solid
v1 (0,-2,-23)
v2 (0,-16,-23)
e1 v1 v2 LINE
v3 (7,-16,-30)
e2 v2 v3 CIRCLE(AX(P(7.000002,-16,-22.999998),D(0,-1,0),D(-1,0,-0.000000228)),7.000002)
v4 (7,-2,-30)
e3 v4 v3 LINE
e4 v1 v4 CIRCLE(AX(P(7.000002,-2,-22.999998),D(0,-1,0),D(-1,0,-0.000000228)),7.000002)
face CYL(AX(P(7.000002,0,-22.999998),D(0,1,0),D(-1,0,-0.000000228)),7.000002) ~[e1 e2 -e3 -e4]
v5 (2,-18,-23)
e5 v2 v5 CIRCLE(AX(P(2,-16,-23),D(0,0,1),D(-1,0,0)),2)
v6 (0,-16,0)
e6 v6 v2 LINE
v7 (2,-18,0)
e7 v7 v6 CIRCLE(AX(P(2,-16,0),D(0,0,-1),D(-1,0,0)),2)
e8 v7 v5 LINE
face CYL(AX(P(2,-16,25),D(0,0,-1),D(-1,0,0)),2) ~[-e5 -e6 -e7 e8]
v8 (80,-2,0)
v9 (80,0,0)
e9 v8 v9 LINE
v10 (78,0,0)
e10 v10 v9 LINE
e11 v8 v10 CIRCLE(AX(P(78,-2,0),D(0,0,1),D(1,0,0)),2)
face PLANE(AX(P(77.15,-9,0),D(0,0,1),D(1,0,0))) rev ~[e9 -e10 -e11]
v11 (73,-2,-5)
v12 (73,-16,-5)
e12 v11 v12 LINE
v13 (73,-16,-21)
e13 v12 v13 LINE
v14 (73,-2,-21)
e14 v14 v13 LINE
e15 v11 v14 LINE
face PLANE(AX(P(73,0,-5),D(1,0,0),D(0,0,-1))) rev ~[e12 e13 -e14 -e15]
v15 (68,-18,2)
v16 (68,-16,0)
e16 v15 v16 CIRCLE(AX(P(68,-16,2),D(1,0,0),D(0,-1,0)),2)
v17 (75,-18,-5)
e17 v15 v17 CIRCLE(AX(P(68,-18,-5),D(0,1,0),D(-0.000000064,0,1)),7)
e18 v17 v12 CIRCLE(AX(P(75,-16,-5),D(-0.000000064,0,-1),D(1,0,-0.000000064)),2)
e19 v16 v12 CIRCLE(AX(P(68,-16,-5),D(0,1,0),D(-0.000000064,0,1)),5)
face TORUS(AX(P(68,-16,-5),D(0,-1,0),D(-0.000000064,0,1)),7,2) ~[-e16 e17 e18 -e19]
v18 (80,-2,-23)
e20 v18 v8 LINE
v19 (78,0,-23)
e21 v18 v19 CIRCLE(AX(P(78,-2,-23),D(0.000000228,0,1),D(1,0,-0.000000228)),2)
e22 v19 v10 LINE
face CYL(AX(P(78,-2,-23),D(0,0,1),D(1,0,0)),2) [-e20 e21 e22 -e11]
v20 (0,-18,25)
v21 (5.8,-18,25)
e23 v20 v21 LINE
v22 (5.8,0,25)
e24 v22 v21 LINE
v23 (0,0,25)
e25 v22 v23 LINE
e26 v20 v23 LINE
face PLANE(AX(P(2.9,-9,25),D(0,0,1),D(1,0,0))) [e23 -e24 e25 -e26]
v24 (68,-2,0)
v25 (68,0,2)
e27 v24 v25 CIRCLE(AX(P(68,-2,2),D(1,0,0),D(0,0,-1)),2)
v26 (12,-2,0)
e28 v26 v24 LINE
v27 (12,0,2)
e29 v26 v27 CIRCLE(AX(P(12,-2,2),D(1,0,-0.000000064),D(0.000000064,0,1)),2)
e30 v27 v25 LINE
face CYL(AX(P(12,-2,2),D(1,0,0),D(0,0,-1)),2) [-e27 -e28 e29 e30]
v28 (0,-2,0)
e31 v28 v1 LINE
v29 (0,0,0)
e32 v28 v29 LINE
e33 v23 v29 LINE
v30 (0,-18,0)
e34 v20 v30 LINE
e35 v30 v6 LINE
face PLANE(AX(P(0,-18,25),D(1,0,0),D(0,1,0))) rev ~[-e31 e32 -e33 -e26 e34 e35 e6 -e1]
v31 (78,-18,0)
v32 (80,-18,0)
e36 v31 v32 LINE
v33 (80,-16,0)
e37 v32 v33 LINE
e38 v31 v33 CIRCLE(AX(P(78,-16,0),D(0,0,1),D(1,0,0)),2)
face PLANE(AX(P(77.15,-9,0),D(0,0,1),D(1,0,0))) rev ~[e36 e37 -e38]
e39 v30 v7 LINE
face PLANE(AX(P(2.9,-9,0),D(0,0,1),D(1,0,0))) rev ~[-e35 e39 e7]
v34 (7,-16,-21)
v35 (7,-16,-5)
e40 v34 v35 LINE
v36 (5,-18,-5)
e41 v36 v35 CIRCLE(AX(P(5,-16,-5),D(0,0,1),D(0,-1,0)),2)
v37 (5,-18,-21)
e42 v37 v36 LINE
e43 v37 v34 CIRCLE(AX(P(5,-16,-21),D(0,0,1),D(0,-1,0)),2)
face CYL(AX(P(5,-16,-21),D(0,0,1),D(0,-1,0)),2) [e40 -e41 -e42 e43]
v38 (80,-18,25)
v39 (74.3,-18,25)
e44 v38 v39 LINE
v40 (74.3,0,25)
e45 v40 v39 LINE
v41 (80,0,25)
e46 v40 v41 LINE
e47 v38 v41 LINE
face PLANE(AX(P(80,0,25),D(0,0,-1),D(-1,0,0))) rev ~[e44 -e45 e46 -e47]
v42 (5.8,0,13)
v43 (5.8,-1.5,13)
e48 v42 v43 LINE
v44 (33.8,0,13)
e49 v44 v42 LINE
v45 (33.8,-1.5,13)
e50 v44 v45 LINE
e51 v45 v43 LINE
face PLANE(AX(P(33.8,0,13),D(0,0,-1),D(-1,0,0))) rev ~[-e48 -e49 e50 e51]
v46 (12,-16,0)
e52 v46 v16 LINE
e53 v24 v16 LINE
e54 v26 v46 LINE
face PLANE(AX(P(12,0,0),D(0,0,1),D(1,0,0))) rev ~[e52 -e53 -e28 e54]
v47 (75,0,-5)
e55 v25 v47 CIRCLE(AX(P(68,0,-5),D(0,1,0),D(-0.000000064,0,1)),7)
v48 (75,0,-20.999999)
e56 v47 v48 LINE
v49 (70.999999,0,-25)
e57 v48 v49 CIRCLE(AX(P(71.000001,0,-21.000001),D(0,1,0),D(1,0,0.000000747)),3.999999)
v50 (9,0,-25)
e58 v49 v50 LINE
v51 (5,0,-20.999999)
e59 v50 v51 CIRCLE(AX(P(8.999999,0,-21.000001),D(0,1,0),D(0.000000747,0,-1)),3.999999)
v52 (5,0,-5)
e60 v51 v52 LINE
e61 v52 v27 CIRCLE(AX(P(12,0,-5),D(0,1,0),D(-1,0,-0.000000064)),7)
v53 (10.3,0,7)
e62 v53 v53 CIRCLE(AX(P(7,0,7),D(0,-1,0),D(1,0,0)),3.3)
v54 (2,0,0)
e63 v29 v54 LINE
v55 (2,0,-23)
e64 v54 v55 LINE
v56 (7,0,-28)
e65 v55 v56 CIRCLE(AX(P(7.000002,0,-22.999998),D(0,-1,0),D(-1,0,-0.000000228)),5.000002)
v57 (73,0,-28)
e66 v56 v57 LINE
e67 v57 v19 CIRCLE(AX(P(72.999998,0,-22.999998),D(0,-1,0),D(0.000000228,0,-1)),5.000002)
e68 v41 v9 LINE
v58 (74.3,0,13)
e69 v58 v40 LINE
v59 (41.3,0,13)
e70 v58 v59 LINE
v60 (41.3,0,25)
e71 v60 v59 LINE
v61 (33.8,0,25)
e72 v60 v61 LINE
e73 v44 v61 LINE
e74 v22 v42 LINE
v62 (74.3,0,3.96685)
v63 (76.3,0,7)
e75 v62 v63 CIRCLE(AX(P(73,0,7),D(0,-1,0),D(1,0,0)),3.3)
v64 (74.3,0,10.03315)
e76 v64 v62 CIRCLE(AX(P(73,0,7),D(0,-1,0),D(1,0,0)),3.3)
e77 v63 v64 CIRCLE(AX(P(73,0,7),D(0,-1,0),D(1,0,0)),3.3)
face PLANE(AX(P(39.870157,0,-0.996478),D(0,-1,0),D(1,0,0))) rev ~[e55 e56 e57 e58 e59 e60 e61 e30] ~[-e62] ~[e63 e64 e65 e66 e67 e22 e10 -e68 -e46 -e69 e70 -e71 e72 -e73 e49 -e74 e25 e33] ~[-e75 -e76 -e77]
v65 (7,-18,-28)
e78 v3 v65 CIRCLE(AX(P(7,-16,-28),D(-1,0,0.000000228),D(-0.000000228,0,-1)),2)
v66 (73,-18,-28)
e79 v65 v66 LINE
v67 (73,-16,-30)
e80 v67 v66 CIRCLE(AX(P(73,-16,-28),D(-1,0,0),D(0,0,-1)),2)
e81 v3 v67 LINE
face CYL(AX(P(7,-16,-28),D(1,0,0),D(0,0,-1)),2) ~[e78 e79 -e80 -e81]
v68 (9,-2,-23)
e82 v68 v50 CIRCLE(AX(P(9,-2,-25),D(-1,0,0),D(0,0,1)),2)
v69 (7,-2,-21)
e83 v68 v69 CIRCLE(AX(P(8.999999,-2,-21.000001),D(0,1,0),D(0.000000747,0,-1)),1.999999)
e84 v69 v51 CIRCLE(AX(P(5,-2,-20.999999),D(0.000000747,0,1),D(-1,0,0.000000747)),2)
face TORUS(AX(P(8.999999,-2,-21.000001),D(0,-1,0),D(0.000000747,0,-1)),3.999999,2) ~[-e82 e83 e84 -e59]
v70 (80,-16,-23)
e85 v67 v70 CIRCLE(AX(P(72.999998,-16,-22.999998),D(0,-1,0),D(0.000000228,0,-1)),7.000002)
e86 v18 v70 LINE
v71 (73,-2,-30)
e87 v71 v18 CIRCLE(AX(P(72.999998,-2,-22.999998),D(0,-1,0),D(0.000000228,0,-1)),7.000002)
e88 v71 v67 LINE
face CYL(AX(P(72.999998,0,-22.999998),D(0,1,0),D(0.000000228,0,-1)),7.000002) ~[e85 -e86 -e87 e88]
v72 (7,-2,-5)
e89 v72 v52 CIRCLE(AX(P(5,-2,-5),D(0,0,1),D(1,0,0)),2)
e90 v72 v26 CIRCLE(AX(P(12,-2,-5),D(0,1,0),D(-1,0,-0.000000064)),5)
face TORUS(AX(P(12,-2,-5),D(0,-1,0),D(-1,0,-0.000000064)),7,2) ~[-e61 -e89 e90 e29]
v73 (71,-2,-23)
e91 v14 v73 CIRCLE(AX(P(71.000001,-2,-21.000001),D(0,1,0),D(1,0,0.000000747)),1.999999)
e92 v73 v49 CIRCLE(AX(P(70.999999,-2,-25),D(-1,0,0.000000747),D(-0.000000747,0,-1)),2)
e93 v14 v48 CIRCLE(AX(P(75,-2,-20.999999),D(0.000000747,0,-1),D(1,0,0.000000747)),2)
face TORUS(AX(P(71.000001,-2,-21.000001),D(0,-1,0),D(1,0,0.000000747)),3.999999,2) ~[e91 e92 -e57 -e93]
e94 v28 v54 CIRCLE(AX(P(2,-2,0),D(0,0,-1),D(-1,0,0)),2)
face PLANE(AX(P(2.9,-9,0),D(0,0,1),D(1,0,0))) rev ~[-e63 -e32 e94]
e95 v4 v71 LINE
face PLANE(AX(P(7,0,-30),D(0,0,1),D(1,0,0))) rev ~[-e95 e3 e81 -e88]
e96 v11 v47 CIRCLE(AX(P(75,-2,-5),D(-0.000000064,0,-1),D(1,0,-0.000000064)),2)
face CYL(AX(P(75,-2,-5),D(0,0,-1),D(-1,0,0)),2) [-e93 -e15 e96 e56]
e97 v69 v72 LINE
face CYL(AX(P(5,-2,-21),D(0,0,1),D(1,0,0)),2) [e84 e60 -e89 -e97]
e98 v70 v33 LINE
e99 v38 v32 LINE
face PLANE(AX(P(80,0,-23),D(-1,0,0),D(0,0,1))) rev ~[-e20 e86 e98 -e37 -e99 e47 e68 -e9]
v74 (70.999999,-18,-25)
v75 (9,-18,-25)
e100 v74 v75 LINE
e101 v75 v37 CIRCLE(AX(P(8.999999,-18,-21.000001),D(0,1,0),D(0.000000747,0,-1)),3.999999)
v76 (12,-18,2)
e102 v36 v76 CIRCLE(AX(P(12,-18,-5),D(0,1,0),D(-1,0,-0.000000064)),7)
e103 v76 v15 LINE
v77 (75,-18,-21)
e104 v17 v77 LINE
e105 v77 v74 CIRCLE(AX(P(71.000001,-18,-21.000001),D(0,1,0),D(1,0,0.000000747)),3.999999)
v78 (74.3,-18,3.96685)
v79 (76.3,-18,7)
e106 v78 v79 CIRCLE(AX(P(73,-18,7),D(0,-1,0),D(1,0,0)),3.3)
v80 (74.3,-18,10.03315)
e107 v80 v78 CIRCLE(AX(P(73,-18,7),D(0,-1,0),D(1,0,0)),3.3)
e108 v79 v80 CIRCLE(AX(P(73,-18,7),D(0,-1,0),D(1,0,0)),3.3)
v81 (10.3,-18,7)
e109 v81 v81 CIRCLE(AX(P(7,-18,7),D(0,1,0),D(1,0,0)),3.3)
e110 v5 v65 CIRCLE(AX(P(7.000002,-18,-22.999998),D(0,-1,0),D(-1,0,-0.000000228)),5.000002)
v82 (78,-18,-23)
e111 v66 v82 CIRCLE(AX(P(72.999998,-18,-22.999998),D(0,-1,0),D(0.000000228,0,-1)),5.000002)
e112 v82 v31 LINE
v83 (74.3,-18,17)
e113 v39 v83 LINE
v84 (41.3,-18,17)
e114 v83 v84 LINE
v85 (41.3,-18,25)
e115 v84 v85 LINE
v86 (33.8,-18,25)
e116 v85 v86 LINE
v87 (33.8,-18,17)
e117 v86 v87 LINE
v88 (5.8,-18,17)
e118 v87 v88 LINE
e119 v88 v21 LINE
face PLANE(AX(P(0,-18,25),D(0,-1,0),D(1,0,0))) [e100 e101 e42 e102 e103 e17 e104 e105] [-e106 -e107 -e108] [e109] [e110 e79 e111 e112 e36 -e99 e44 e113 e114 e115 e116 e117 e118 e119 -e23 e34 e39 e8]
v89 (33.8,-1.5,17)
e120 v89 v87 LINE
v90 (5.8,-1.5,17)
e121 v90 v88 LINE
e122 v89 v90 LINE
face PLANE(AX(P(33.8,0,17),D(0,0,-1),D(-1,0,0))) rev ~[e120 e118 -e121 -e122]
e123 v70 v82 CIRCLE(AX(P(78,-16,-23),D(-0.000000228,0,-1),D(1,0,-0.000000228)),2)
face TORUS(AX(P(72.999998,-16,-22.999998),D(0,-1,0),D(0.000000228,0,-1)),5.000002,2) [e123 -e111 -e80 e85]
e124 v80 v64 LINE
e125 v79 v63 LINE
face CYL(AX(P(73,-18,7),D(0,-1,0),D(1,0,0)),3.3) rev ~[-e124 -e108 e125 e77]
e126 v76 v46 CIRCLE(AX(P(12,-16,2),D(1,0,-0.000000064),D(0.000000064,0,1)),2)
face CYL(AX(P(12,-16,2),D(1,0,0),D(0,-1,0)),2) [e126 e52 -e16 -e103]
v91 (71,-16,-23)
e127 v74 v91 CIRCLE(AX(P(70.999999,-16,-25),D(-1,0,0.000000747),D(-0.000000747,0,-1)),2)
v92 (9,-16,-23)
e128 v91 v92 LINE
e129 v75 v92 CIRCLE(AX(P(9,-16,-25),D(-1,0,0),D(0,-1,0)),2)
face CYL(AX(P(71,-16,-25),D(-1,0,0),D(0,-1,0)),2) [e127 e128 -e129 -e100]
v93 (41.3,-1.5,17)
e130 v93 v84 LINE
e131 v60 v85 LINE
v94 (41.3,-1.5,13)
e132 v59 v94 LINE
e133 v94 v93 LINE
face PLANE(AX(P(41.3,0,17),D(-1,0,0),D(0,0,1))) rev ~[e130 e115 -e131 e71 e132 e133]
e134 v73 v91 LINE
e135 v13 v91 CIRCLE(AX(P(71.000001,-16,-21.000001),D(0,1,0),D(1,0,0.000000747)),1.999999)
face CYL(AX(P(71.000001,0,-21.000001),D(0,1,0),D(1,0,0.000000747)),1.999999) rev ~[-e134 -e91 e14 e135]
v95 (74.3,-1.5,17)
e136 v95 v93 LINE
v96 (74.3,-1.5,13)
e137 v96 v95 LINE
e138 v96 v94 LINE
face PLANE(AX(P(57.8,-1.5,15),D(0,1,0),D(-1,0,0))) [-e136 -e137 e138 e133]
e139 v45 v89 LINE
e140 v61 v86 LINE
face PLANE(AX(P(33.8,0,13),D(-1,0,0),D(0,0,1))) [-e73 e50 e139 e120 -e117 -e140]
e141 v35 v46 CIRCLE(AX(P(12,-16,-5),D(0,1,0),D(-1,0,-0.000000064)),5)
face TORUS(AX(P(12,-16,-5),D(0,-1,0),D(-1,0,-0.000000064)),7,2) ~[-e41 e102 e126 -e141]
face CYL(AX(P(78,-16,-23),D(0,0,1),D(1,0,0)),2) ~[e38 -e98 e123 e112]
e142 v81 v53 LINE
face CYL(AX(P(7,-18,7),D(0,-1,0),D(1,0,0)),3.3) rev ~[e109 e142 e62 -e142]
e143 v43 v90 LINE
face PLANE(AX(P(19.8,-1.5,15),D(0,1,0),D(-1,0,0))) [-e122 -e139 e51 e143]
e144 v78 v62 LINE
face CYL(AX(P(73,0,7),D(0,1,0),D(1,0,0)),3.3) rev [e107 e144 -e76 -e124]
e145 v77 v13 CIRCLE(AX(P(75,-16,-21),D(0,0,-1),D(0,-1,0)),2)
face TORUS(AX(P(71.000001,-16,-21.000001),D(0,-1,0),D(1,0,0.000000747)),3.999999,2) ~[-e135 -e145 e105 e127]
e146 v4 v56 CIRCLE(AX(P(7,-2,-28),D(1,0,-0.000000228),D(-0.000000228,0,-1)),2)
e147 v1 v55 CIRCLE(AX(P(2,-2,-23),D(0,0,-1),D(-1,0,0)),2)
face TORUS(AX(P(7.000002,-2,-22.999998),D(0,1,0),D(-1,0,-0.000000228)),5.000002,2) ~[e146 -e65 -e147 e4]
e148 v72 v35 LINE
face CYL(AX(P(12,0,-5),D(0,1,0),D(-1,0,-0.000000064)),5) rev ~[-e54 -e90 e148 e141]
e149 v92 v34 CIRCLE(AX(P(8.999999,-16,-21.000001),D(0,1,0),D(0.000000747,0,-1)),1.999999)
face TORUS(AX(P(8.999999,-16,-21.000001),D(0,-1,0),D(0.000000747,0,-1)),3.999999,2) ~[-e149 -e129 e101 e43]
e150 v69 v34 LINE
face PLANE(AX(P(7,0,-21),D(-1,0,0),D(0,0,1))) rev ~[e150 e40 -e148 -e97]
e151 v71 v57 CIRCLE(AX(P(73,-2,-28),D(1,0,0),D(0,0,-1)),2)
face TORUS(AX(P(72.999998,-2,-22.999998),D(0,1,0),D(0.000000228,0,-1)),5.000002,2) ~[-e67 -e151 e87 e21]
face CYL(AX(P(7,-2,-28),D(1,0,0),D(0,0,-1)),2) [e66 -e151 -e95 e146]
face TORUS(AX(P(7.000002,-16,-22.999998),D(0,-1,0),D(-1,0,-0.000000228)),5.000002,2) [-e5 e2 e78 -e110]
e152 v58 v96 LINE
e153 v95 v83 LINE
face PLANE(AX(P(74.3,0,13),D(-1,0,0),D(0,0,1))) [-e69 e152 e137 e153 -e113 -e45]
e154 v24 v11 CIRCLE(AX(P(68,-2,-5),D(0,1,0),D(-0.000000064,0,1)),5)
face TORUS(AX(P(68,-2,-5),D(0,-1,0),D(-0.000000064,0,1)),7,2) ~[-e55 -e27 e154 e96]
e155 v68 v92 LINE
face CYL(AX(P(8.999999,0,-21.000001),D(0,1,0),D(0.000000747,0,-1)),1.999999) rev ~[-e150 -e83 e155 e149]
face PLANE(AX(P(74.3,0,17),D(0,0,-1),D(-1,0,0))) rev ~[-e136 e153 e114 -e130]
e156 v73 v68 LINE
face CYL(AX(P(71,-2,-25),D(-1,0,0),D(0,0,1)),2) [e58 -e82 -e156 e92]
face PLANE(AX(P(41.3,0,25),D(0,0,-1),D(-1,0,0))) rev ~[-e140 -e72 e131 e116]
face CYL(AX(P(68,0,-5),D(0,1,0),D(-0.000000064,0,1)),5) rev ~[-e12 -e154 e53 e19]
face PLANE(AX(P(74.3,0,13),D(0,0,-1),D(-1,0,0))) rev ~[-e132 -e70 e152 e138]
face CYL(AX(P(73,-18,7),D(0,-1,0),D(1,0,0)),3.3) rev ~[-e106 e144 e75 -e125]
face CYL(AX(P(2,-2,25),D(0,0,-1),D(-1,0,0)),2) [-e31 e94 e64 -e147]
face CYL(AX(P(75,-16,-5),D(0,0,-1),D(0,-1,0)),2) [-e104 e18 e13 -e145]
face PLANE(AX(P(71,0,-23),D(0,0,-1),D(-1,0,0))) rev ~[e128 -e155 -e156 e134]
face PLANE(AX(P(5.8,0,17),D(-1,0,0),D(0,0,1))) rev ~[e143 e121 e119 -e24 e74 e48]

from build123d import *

# Parameters (mm, degrees)
F0_R     = 3.3
F1_DEPTH = 18
F2_W     = 33
F2_H     = 4
F2_W_2   = 28
F3_DEPTH = 1.5
F4_R     = 2
F5_W     = 5.8
F5_H     = 18
F5_W_2   = 5.7
F6_DEPTH = 25
F7_R     = 3.3
F8_DEPTH = 18.001


with BuildPart() as f1:
    # F0 (on Front) → F1 (new body)
    with BuildSketch(Plane.XZ):
        with BuildLine():
            Line((0, 25), (0, 0))
            Line((0, 0), (0, -23))
            ThreePointArc((0, -23), (2.050253, -27.949747), (7, -30))
            Line((7, -30), (73, -30))
            ThreePointArc((73, -30), (77.949747, -27.949747), (80, -23))
            Line((80, -23), (80, 0))
            Line((80, 0), (80, 25))
            Line((80, 25), (74.3, 25))
            Line((74.3, 25), (74.3, 17))
            Line((74.3, 17), (41.3, 17))
            Line((41.3, 17), (41.3, 25))
            Line((41.3, 25), (33.8, 25))
            Line((33.8, 25), (33.8, 17))
            Line((33.8, 17), (5.8, 17))
            Line((5.8, 17), (5.8, 25))
            Line((5.8, 25), (0, 25))
        make_face()
        with BuildLine():
            ThreePointArc((7, -5), (8.464466, -1.464466), (12, 0))
            Line((12, 0), (68, 0))
            ThreePointArc((68, 0), (71.535534, -1.464466), (73, -5))
            Line((73, -5), (73, -21))
            ThreePointArc((73, -21), (72.414214, -22.414214), (71, -23))
            Line((71, -23), (9, -23))
            ThreePointArc((9, -23), (7.585786, -22.414214), (7, -21))
            Line((7, -21), (7, -5))
        make_face(mode=Mode.SUBTRACT)
        with Locations((7, 7)):
            Circle(F0_R, mode=Mode.SUBTRACT)
        with Locations((73, 7)):
            Circle(F0_R, mode=Mode.SUBTRACT)
    extrude(amount=F1_DEPTH)

    # F2 (on face) → F3 (cut)
    with BuildSketch(Plane(origin=(0, 0, 0), x_dir=(-1, 0, 0), z_dir=(0, 1, 0))):
        with Locations((-57.8, 15)):
            Rectangle(F2_W, F2_H)
        with Locations((-19.8, 15)):
            Rectangle(F2_W_2, F2_H)
    extrude(amount=-F3_DEPTH, mode=Mode.SUBTRACT)

    # F4
    f4_edges = [f1.edges().sort_by_distance(p)[0] for p in [
        (72.414214, 0, -22.414214),
        (73, 0, -13),
        (7, -18, -13),
        (40, 0, -30),
        (0, -18, 1),
    ]]
    fillet(f4_edges, radius=F4_R)

    # F5 (on face) → F6 (join)
    with BuildSketch(Plane.XY.offset(25)):
        with Locations((2.9, -9)):
            Rectangle(F5_W, F5_H)
        with Locations((77.15, -9)):
            Rectangle(F5_W_2, F5_H)
    extrude(amount=-F6_DEPTH)

    # F7 (on face) → F8 (cut, through all)
    with BuildSketch(Plane.XZ.offset(18)):
        with Locations((73, 7)):
            Circle(F7_R)
        with Locations((7, 7)):
            Circle(F7_R)
    extrude(amount=-F8_DEPTH, mode=Mode.SUBTRACT)


solid = f1.part
